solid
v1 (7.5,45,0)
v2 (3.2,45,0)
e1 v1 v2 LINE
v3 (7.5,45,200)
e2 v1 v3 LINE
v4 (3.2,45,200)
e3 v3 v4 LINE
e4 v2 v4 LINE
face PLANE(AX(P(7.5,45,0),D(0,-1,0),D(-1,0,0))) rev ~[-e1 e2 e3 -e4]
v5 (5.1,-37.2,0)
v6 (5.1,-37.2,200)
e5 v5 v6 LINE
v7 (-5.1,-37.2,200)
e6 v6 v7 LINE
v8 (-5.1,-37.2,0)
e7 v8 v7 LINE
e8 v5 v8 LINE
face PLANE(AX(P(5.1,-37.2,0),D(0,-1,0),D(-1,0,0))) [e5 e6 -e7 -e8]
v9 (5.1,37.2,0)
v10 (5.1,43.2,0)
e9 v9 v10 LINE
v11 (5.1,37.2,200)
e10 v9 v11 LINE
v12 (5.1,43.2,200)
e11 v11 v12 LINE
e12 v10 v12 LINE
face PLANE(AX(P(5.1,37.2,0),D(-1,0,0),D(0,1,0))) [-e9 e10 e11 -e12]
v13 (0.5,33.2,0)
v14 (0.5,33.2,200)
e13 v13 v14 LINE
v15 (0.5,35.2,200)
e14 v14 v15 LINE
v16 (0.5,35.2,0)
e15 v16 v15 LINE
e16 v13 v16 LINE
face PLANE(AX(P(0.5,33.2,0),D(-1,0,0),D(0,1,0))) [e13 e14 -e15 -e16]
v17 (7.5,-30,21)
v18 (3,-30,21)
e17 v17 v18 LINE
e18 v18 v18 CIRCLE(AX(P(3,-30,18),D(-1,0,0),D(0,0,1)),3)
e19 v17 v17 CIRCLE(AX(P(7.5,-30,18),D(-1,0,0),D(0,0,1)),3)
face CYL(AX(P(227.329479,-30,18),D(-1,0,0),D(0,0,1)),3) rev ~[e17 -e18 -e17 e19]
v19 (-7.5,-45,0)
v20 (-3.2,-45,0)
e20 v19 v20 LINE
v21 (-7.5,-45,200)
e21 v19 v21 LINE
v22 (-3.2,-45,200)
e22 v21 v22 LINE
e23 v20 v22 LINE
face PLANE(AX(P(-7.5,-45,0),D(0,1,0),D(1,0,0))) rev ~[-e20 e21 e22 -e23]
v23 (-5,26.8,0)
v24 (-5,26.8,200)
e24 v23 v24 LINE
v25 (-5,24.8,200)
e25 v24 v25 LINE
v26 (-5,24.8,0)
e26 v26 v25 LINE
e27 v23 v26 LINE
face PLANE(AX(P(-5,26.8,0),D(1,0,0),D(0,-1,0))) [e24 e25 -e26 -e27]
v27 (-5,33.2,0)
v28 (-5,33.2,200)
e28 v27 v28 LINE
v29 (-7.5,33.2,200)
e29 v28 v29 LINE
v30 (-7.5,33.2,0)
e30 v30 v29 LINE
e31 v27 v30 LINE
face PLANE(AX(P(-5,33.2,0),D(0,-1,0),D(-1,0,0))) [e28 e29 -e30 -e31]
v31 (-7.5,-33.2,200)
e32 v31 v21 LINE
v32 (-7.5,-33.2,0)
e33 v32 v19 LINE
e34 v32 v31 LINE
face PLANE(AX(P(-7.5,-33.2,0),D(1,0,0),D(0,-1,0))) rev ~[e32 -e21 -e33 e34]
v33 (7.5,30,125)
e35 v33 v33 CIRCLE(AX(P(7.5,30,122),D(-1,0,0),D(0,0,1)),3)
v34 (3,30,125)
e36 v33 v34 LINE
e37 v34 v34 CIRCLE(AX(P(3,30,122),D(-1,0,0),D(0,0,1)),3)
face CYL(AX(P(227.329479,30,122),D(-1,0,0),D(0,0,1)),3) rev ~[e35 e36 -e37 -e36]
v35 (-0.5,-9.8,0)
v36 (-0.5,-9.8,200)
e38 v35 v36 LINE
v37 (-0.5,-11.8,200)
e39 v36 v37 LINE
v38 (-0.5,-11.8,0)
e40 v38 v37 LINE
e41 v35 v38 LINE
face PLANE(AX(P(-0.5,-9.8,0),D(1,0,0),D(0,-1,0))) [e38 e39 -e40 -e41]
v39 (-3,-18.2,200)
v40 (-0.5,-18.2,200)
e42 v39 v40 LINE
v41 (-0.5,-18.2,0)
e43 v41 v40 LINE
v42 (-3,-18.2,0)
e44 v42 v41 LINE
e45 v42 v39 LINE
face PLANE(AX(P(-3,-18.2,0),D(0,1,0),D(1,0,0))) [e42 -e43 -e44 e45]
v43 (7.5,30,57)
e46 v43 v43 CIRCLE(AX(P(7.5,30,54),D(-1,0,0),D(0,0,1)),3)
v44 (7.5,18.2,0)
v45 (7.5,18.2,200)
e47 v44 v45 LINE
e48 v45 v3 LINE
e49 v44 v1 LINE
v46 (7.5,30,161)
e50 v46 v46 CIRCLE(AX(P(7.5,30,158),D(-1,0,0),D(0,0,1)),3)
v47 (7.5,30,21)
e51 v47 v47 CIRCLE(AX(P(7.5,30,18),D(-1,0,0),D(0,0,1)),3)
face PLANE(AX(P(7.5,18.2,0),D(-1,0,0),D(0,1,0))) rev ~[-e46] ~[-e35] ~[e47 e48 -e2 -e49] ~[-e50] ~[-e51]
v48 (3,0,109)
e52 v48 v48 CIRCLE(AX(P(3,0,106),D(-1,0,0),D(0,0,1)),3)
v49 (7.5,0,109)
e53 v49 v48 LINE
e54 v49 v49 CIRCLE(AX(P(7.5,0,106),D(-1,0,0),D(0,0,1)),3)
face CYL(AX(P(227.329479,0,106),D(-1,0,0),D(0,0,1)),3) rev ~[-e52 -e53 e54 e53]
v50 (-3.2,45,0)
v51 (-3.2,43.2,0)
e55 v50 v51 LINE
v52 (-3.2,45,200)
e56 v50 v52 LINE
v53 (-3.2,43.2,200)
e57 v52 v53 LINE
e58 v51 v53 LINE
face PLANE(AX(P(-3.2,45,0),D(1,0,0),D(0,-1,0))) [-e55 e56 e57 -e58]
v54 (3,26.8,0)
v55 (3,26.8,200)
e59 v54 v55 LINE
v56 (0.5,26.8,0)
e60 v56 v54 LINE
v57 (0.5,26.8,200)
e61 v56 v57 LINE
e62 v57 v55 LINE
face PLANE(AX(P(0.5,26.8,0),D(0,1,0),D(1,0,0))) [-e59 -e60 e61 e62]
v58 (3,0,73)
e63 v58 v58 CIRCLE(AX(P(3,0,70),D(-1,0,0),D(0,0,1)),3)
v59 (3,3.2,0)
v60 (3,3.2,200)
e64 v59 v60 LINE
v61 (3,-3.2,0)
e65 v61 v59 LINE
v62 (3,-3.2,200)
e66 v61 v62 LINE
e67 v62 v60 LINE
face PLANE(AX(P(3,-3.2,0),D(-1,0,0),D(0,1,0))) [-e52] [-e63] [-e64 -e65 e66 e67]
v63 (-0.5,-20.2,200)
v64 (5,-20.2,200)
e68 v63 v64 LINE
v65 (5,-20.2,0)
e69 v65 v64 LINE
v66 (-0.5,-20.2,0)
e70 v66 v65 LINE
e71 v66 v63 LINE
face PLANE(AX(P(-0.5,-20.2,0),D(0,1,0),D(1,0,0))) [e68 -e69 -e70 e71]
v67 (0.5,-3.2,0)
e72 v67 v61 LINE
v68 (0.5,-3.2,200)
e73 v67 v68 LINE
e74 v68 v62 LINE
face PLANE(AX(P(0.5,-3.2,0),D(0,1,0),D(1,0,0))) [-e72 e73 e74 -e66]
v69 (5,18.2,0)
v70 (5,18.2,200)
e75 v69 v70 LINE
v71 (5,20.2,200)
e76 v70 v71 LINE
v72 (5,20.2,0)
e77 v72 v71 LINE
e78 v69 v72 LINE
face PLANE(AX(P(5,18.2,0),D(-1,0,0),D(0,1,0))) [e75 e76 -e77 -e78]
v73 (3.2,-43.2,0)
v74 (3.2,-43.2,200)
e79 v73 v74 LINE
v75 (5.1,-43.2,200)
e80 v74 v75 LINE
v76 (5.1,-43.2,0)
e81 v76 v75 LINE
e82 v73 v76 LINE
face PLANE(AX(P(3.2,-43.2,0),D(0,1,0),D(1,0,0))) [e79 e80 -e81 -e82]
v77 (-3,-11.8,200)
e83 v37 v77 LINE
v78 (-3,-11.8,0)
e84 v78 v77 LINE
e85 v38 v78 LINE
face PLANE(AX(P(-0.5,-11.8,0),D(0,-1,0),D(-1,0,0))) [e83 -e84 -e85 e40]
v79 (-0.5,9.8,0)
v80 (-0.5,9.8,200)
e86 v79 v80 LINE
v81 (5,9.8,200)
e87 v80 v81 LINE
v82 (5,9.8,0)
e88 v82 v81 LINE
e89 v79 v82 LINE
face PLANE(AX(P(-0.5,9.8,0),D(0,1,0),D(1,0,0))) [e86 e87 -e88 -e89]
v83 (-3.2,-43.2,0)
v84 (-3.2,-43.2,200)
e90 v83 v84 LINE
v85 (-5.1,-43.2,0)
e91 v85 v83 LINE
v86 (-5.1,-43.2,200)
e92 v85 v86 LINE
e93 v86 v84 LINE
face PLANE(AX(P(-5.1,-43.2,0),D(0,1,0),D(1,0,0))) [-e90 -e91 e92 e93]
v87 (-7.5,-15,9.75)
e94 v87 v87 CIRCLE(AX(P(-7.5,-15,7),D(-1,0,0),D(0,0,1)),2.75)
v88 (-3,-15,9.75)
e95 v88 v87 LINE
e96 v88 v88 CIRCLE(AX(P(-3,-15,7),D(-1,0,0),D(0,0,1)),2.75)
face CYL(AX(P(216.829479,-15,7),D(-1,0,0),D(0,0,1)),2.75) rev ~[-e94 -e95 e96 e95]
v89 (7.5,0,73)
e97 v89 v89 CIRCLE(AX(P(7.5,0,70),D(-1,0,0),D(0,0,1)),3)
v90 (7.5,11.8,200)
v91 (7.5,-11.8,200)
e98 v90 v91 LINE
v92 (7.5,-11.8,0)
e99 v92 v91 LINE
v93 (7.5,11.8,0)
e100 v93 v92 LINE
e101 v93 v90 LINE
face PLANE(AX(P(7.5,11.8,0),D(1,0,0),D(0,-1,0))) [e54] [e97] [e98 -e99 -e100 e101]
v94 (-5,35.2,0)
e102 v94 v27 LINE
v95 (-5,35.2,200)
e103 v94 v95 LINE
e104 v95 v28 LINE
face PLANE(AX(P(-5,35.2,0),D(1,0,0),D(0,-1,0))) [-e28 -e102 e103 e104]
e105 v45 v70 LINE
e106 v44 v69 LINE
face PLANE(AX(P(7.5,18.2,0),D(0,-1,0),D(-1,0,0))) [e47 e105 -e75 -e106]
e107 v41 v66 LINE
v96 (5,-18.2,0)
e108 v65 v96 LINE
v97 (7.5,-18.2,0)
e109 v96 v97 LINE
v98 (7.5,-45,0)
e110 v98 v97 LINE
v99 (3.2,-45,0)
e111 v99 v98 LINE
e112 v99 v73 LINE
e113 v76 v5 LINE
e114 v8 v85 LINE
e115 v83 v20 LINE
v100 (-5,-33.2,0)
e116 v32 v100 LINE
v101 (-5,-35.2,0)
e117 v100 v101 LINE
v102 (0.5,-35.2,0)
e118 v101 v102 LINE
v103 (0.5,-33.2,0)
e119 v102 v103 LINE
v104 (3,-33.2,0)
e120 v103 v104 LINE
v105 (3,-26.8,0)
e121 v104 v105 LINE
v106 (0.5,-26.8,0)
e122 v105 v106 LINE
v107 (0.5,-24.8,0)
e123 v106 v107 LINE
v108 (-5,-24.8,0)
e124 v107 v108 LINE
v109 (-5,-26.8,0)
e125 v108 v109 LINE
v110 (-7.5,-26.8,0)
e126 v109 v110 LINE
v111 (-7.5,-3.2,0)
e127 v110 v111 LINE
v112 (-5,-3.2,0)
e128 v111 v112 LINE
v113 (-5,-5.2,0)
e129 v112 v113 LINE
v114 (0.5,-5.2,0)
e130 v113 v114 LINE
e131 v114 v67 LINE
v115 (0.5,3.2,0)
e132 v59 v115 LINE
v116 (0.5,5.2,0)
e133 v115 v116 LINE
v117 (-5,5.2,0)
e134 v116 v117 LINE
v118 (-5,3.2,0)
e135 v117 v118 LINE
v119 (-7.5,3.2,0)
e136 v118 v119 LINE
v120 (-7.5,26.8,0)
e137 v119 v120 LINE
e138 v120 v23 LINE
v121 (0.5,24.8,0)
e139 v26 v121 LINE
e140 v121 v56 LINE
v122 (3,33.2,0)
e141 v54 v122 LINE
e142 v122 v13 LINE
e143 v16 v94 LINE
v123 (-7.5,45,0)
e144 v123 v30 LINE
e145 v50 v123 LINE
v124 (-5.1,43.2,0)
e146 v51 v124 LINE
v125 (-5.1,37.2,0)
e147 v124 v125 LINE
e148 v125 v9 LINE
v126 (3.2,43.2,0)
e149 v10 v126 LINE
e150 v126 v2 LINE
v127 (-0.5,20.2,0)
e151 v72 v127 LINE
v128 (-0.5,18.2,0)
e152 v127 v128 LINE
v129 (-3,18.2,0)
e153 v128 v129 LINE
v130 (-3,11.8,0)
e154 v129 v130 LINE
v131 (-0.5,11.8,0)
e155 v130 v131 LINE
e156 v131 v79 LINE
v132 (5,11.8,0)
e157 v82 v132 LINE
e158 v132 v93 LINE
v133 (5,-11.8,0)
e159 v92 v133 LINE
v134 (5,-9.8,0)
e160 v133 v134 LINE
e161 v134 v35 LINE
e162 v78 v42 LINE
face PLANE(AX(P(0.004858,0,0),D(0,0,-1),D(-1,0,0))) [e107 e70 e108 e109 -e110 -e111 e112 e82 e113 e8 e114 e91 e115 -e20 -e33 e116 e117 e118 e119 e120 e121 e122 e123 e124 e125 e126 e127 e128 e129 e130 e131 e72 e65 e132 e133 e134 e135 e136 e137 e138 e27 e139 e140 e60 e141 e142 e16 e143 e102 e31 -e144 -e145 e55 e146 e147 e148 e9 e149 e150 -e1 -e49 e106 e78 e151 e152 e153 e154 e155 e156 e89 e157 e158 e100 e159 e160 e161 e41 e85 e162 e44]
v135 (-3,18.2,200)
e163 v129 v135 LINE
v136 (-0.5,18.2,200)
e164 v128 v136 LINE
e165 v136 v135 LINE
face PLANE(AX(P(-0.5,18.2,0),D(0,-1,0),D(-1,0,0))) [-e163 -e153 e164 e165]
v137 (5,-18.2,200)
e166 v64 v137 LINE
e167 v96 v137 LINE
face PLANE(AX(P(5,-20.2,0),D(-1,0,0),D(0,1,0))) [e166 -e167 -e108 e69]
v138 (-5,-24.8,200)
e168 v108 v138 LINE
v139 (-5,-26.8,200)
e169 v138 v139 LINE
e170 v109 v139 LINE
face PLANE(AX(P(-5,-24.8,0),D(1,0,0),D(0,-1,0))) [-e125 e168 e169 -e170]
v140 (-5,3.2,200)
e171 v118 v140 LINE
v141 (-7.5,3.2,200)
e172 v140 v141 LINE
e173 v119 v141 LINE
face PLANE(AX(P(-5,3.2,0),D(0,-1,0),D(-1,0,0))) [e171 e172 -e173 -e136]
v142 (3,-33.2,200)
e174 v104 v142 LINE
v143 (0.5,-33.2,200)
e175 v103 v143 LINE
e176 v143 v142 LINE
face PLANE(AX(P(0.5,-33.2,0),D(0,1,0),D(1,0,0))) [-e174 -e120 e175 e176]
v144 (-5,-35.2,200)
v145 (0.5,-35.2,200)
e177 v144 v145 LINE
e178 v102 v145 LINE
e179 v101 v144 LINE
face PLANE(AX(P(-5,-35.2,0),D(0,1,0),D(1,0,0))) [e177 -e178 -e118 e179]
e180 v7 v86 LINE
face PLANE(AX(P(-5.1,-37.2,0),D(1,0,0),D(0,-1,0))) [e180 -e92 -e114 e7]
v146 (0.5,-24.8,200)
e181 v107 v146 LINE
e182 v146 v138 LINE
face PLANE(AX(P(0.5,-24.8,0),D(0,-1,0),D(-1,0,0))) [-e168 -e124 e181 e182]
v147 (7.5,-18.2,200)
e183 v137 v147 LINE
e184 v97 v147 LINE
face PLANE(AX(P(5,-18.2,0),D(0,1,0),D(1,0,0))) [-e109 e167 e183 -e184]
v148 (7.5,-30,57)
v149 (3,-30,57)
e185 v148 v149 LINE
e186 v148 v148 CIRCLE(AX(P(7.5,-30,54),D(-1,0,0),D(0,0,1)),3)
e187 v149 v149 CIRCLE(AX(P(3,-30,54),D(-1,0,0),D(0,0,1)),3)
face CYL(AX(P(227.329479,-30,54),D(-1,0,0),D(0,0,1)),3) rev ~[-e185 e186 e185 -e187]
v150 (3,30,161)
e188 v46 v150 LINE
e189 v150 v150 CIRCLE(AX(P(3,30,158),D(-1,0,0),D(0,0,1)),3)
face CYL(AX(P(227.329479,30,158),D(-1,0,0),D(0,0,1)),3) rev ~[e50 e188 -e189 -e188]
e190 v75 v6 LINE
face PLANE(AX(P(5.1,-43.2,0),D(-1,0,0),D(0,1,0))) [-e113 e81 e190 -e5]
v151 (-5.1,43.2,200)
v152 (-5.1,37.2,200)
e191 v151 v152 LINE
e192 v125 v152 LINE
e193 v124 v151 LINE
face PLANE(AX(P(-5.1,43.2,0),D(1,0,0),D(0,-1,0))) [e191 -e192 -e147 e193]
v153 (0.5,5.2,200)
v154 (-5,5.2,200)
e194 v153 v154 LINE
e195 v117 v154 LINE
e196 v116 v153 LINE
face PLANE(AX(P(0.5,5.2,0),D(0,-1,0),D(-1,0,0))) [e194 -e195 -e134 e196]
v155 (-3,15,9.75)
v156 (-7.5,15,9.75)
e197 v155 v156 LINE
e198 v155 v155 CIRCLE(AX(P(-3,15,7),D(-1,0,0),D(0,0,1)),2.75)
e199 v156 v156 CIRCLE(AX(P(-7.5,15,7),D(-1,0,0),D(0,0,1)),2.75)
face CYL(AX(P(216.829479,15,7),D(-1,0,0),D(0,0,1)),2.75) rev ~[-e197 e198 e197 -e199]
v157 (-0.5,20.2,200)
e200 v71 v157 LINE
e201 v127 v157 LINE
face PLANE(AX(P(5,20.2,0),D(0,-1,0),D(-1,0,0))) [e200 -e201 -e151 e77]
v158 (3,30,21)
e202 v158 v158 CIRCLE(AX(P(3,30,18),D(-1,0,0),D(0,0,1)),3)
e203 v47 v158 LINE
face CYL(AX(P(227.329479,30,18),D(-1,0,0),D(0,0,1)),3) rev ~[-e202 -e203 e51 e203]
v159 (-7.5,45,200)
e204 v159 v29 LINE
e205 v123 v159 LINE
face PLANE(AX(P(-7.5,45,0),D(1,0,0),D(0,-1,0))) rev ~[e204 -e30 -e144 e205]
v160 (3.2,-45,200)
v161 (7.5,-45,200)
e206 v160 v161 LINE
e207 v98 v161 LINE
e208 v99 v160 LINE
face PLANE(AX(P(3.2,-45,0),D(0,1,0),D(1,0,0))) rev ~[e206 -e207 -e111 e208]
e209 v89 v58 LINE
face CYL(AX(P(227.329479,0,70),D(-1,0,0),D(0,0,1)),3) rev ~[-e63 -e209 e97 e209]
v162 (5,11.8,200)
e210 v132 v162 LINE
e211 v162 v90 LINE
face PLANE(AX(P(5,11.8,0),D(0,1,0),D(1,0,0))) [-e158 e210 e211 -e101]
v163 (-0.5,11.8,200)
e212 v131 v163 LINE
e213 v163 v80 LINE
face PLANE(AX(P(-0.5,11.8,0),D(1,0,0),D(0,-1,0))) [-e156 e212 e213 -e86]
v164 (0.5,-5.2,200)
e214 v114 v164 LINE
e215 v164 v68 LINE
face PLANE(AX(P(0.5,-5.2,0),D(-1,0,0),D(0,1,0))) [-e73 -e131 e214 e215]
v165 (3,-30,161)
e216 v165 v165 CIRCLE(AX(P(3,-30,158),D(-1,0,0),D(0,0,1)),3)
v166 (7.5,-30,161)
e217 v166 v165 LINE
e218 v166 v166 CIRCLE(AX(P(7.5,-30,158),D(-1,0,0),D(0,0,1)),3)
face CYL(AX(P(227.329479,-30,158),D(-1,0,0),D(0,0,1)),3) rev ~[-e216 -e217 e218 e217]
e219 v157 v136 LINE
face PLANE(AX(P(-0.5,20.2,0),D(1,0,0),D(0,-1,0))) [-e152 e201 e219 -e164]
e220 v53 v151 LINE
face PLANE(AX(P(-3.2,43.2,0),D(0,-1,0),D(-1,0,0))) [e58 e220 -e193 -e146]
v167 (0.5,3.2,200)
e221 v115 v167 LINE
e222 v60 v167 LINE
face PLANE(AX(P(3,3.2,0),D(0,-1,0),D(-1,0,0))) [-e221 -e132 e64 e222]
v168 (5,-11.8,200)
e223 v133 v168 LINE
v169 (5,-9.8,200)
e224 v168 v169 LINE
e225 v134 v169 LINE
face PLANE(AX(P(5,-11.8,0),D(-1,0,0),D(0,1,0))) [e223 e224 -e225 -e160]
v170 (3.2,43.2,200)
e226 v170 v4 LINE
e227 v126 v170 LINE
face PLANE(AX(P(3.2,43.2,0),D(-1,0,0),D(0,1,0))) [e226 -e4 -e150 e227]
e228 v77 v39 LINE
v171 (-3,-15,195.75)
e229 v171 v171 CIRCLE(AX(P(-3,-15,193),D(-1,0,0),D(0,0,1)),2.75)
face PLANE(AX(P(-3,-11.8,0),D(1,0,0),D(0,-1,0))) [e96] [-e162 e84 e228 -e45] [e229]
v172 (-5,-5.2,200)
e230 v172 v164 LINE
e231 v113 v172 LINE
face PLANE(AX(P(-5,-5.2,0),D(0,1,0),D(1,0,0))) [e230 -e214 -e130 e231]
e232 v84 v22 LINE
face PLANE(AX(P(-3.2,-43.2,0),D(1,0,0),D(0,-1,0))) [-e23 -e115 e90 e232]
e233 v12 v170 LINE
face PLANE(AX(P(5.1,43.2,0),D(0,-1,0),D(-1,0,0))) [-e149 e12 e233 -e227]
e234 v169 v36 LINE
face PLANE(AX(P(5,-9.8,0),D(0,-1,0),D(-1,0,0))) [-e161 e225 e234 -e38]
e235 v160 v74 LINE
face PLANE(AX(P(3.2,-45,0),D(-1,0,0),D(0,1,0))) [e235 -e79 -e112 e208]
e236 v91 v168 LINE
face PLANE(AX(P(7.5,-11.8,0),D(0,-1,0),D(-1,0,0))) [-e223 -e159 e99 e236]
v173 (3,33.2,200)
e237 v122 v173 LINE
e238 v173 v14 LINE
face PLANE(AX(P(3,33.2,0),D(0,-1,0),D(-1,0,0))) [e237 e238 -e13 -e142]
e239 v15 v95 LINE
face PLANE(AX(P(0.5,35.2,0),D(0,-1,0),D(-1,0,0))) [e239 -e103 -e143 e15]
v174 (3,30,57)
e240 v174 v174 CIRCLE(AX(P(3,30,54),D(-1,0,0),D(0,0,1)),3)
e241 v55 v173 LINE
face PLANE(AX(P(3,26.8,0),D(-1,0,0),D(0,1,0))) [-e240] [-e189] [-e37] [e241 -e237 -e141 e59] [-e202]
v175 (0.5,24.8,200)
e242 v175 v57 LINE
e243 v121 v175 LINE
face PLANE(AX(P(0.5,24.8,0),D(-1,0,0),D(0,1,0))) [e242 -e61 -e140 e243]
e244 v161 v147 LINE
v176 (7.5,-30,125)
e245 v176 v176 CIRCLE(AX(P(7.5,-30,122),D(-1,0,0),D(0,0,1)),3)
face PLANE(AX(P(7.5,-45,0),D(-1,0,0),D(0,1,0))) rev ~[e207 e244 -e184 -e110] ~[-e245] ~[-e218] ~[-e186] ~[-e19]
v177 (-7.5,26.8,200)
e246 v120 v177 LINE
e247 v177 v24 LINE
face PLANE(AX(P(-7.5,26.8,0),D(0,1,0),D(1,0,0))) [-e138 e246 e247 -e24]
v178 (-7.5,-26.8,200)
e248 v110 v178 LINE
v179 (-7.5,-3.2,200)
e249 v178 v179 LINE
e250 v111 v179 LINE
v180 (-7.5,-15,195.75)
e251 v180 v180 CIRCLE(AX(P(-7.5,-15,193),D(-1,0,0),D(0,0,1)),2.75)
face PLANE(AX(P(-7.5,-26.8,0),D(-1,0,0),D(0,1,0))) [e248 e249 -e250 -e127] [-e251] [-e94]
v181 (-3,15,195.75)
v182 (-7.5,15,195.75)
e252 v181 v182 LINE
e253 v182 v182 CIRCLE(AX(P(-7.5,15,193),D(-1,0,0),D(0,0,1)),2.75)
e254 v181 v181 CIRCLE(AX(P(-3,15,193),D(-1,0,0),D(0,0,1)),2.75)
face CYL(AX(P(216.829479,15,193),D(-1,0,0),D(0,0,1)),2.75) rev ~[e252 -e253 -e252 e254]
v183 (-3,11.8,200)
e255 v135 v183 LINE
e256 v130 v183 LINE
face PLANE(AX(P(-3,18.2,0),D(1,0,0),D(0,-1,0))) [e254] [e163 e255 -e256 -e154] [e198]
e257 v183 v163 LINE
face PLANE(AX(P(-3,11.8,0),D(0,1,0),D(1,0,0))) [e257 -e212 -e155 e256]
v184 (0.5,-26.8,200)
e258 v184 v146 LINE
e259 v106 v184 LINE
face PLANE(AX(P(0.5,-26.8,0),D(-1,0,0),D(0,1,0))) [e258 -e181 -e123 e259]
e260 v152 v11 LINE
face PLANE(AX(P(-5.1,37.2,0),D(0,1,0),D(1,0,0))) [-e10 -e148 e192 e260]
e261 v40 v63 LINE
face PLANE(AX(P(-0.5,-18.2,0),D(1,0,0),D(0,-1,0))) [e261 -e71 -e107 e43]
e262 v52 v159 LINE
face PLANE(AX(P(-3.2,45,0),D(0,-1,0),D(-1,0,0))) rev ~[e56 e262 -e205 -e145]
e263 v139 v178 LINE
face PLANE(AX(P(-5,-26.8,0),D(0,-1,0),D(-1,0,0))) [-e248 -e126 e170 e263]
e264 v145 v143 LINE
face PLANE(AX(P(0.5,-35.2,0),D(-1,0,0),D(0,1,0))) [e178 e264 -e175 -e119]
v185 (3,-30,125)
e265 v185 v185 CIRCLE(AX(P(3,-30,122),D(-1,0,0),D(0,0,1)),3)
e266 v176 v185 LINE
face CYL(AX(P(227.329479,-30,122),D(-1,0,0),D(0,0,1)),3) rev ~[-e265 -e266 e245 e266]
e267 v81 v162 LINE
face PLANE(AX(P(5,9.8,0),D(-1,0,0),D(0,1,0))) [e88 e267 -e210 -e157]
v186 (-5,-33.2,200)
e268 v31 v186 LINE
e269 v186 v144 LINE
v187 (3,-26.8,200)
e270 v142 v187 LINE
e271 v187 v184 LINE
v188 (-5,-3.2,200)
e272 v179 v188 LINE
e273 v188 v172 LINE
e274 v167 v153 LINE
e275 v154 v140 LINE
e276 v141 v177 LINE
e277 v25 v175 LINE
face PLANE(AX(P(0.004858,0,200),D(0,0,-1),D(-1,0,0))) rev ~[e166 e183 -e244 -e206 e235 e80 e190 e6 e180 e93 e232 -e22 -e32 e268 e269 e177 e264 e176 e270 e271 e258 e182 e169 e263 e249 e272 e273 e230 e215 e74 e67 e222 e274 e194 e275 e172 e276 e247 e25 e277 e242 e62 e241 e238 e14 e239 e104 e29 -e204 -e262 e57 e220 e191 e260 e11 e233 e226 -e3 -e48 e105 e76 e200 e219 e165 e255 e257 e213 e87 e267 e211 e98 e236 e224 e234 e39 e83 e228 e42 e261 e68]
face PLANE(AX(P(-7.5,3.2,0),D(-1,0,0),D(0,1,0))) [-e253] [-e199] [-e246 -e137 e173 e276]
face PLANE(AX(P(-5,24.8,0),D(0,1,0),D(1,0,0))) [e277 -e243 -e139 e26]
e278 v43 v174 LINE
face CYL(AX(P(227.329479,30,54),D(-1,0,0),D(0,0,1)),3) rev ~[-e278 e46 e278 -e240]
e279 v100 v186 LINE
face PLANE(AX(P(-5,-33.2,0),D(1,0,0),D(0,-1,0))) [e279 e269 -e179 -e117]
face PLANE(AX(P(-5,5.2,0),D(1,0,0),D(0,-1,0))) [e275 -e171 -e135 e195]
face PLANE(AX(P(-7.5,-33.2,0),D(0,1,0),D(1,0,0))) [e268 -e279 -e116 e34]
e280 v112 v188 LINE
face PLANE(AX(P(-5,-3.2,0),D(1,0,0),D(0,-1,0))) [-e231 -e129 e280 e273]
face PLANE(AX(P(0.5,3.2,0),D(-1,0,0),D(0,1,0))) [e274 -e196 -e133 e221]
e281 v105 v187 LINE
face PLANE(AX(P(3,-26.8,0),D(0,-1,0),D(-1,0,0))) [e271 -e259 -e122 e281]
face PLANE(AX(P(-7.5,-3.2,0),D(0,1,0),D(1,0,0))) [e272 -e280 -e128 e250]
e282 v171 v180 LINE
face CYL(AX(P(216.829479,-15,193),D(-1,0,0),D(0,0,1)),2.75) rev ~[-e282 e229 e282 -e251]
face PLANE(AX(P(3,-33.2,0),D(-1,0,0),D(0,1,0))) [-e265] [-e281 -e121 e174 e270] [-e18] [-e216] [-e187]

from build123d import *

# Parameters (mm, degrees)
EXTRUDE_1_DEPTH         = 200
HOLE_WIZARD_6_0_6_6_D   = 6
HOLE_WIZARD_5_5_5_5_1_D = 5.5


with BuildPart() as part:
    # Sketch1 → 凸台-拉伸1 (new body)
    with BuildSketch(Plane.XY):
        Polygon((-6.5, 45), (-3.2, 45), (-3.2, 43.2), (-5.1, 43.2), (-5.1, 37.2), (5.1, 37.2), (5.1, 43.2), (3.2, 43.2), (3.2, 45), (6.5, 45), (7.5, 45), (7.5, 44), (7.5, 18.2), (5, 18.2), (5, 20.2), (-0.5, 20.2), (-0.5, 18.2), (-3, 18.2), (-3, 11.8), (-0.5, 11.8), (-0.5, 9.8), (5, 9.8), (5, 11.8), (7.5, 11.8), (7.5, -11.8), (5, -11.8), (5, -9.8), (-0.5, -9.8), (-0.5, -11.8), (-3, -11.8), (-3, -18.2), (-0.5, -18.2), (-0.5, -20.2), (5, -20.2), (5, -18.2), (7.5, -18.2), (7.5, -44), (7.5, -45), (6.5, -45), (3.2, -45), (3.2, -43.2), (5.1, -43.2), (5.1, -37.2), (-5.1, -37.2), (-5.1, -43.2), (-3.2, -43.2), (-3.2, -45), (-6.496721962, -45), (-7.5, -45), (-7.5, -44), (-7.5, -33.2), (-5, -33.2), (-5, -35.2), (0.5, -35.2), (0.5, -33.2), (3, -33.2), (3, -26.8), (0.5, -26.8), (0.5, -24.8), (-5, -24.8), (-5, -26.8), (-7.5, -26.8), (-7.5, -3.2), (-5, -3.2), (-5, -5.2), (0.5, -5.2), (0.5, -3.2), (3, -3.2), (3, 3.2), (0.5, 3.2), (0.5, 5.2), (-5, 5.2), (-5, 3.2), (-7.5, 3.2), (-7.5, 26.8), (-5, 26.8), (-5, 24.8), (0.5, 24.8), (0.5, 26.8), (3, 26.8), (3, 33.2), (0.5, 33.2), (0.5, 35.2), (-5, 35.2), (-5, 33.2), (-7.5, 33.2), (-7.5, 44), (-7.5, 45), align=None)
    extrude(amount=EXTRUDE_1_DEPTH)

    # Ø6.0 (6) 直径孔6 (through all)
    with Locations(Plane(origin=(7.5, 0, 0), x_dir=(0, 0, -1), z_dir=(1, 0, 0))):
        with Locations((-158, -30), (-158, 30), (-122, -30), (-122, 30), (-54, 30), (-54, -30), (-18, -30), (-18, 30), (-106, 0), (-70, 0)):
            Hole(HOLE_WIZARD_6_0_6_6_D / 2)

    # Ø5.5 (5.5) 直径孔1 (through all)
    with Locations(Plane(origin=(-3, 0, 0), x_dir=(0, 0, -1), z_dir=(1, 0, 0))):
        with Locations((-193, -15), (-193, 15), (-7, -15), (-7, 15)):
            Hole(HOLE_WIZARD_5_5_5_5_1_D / 2)


solid = part.part
